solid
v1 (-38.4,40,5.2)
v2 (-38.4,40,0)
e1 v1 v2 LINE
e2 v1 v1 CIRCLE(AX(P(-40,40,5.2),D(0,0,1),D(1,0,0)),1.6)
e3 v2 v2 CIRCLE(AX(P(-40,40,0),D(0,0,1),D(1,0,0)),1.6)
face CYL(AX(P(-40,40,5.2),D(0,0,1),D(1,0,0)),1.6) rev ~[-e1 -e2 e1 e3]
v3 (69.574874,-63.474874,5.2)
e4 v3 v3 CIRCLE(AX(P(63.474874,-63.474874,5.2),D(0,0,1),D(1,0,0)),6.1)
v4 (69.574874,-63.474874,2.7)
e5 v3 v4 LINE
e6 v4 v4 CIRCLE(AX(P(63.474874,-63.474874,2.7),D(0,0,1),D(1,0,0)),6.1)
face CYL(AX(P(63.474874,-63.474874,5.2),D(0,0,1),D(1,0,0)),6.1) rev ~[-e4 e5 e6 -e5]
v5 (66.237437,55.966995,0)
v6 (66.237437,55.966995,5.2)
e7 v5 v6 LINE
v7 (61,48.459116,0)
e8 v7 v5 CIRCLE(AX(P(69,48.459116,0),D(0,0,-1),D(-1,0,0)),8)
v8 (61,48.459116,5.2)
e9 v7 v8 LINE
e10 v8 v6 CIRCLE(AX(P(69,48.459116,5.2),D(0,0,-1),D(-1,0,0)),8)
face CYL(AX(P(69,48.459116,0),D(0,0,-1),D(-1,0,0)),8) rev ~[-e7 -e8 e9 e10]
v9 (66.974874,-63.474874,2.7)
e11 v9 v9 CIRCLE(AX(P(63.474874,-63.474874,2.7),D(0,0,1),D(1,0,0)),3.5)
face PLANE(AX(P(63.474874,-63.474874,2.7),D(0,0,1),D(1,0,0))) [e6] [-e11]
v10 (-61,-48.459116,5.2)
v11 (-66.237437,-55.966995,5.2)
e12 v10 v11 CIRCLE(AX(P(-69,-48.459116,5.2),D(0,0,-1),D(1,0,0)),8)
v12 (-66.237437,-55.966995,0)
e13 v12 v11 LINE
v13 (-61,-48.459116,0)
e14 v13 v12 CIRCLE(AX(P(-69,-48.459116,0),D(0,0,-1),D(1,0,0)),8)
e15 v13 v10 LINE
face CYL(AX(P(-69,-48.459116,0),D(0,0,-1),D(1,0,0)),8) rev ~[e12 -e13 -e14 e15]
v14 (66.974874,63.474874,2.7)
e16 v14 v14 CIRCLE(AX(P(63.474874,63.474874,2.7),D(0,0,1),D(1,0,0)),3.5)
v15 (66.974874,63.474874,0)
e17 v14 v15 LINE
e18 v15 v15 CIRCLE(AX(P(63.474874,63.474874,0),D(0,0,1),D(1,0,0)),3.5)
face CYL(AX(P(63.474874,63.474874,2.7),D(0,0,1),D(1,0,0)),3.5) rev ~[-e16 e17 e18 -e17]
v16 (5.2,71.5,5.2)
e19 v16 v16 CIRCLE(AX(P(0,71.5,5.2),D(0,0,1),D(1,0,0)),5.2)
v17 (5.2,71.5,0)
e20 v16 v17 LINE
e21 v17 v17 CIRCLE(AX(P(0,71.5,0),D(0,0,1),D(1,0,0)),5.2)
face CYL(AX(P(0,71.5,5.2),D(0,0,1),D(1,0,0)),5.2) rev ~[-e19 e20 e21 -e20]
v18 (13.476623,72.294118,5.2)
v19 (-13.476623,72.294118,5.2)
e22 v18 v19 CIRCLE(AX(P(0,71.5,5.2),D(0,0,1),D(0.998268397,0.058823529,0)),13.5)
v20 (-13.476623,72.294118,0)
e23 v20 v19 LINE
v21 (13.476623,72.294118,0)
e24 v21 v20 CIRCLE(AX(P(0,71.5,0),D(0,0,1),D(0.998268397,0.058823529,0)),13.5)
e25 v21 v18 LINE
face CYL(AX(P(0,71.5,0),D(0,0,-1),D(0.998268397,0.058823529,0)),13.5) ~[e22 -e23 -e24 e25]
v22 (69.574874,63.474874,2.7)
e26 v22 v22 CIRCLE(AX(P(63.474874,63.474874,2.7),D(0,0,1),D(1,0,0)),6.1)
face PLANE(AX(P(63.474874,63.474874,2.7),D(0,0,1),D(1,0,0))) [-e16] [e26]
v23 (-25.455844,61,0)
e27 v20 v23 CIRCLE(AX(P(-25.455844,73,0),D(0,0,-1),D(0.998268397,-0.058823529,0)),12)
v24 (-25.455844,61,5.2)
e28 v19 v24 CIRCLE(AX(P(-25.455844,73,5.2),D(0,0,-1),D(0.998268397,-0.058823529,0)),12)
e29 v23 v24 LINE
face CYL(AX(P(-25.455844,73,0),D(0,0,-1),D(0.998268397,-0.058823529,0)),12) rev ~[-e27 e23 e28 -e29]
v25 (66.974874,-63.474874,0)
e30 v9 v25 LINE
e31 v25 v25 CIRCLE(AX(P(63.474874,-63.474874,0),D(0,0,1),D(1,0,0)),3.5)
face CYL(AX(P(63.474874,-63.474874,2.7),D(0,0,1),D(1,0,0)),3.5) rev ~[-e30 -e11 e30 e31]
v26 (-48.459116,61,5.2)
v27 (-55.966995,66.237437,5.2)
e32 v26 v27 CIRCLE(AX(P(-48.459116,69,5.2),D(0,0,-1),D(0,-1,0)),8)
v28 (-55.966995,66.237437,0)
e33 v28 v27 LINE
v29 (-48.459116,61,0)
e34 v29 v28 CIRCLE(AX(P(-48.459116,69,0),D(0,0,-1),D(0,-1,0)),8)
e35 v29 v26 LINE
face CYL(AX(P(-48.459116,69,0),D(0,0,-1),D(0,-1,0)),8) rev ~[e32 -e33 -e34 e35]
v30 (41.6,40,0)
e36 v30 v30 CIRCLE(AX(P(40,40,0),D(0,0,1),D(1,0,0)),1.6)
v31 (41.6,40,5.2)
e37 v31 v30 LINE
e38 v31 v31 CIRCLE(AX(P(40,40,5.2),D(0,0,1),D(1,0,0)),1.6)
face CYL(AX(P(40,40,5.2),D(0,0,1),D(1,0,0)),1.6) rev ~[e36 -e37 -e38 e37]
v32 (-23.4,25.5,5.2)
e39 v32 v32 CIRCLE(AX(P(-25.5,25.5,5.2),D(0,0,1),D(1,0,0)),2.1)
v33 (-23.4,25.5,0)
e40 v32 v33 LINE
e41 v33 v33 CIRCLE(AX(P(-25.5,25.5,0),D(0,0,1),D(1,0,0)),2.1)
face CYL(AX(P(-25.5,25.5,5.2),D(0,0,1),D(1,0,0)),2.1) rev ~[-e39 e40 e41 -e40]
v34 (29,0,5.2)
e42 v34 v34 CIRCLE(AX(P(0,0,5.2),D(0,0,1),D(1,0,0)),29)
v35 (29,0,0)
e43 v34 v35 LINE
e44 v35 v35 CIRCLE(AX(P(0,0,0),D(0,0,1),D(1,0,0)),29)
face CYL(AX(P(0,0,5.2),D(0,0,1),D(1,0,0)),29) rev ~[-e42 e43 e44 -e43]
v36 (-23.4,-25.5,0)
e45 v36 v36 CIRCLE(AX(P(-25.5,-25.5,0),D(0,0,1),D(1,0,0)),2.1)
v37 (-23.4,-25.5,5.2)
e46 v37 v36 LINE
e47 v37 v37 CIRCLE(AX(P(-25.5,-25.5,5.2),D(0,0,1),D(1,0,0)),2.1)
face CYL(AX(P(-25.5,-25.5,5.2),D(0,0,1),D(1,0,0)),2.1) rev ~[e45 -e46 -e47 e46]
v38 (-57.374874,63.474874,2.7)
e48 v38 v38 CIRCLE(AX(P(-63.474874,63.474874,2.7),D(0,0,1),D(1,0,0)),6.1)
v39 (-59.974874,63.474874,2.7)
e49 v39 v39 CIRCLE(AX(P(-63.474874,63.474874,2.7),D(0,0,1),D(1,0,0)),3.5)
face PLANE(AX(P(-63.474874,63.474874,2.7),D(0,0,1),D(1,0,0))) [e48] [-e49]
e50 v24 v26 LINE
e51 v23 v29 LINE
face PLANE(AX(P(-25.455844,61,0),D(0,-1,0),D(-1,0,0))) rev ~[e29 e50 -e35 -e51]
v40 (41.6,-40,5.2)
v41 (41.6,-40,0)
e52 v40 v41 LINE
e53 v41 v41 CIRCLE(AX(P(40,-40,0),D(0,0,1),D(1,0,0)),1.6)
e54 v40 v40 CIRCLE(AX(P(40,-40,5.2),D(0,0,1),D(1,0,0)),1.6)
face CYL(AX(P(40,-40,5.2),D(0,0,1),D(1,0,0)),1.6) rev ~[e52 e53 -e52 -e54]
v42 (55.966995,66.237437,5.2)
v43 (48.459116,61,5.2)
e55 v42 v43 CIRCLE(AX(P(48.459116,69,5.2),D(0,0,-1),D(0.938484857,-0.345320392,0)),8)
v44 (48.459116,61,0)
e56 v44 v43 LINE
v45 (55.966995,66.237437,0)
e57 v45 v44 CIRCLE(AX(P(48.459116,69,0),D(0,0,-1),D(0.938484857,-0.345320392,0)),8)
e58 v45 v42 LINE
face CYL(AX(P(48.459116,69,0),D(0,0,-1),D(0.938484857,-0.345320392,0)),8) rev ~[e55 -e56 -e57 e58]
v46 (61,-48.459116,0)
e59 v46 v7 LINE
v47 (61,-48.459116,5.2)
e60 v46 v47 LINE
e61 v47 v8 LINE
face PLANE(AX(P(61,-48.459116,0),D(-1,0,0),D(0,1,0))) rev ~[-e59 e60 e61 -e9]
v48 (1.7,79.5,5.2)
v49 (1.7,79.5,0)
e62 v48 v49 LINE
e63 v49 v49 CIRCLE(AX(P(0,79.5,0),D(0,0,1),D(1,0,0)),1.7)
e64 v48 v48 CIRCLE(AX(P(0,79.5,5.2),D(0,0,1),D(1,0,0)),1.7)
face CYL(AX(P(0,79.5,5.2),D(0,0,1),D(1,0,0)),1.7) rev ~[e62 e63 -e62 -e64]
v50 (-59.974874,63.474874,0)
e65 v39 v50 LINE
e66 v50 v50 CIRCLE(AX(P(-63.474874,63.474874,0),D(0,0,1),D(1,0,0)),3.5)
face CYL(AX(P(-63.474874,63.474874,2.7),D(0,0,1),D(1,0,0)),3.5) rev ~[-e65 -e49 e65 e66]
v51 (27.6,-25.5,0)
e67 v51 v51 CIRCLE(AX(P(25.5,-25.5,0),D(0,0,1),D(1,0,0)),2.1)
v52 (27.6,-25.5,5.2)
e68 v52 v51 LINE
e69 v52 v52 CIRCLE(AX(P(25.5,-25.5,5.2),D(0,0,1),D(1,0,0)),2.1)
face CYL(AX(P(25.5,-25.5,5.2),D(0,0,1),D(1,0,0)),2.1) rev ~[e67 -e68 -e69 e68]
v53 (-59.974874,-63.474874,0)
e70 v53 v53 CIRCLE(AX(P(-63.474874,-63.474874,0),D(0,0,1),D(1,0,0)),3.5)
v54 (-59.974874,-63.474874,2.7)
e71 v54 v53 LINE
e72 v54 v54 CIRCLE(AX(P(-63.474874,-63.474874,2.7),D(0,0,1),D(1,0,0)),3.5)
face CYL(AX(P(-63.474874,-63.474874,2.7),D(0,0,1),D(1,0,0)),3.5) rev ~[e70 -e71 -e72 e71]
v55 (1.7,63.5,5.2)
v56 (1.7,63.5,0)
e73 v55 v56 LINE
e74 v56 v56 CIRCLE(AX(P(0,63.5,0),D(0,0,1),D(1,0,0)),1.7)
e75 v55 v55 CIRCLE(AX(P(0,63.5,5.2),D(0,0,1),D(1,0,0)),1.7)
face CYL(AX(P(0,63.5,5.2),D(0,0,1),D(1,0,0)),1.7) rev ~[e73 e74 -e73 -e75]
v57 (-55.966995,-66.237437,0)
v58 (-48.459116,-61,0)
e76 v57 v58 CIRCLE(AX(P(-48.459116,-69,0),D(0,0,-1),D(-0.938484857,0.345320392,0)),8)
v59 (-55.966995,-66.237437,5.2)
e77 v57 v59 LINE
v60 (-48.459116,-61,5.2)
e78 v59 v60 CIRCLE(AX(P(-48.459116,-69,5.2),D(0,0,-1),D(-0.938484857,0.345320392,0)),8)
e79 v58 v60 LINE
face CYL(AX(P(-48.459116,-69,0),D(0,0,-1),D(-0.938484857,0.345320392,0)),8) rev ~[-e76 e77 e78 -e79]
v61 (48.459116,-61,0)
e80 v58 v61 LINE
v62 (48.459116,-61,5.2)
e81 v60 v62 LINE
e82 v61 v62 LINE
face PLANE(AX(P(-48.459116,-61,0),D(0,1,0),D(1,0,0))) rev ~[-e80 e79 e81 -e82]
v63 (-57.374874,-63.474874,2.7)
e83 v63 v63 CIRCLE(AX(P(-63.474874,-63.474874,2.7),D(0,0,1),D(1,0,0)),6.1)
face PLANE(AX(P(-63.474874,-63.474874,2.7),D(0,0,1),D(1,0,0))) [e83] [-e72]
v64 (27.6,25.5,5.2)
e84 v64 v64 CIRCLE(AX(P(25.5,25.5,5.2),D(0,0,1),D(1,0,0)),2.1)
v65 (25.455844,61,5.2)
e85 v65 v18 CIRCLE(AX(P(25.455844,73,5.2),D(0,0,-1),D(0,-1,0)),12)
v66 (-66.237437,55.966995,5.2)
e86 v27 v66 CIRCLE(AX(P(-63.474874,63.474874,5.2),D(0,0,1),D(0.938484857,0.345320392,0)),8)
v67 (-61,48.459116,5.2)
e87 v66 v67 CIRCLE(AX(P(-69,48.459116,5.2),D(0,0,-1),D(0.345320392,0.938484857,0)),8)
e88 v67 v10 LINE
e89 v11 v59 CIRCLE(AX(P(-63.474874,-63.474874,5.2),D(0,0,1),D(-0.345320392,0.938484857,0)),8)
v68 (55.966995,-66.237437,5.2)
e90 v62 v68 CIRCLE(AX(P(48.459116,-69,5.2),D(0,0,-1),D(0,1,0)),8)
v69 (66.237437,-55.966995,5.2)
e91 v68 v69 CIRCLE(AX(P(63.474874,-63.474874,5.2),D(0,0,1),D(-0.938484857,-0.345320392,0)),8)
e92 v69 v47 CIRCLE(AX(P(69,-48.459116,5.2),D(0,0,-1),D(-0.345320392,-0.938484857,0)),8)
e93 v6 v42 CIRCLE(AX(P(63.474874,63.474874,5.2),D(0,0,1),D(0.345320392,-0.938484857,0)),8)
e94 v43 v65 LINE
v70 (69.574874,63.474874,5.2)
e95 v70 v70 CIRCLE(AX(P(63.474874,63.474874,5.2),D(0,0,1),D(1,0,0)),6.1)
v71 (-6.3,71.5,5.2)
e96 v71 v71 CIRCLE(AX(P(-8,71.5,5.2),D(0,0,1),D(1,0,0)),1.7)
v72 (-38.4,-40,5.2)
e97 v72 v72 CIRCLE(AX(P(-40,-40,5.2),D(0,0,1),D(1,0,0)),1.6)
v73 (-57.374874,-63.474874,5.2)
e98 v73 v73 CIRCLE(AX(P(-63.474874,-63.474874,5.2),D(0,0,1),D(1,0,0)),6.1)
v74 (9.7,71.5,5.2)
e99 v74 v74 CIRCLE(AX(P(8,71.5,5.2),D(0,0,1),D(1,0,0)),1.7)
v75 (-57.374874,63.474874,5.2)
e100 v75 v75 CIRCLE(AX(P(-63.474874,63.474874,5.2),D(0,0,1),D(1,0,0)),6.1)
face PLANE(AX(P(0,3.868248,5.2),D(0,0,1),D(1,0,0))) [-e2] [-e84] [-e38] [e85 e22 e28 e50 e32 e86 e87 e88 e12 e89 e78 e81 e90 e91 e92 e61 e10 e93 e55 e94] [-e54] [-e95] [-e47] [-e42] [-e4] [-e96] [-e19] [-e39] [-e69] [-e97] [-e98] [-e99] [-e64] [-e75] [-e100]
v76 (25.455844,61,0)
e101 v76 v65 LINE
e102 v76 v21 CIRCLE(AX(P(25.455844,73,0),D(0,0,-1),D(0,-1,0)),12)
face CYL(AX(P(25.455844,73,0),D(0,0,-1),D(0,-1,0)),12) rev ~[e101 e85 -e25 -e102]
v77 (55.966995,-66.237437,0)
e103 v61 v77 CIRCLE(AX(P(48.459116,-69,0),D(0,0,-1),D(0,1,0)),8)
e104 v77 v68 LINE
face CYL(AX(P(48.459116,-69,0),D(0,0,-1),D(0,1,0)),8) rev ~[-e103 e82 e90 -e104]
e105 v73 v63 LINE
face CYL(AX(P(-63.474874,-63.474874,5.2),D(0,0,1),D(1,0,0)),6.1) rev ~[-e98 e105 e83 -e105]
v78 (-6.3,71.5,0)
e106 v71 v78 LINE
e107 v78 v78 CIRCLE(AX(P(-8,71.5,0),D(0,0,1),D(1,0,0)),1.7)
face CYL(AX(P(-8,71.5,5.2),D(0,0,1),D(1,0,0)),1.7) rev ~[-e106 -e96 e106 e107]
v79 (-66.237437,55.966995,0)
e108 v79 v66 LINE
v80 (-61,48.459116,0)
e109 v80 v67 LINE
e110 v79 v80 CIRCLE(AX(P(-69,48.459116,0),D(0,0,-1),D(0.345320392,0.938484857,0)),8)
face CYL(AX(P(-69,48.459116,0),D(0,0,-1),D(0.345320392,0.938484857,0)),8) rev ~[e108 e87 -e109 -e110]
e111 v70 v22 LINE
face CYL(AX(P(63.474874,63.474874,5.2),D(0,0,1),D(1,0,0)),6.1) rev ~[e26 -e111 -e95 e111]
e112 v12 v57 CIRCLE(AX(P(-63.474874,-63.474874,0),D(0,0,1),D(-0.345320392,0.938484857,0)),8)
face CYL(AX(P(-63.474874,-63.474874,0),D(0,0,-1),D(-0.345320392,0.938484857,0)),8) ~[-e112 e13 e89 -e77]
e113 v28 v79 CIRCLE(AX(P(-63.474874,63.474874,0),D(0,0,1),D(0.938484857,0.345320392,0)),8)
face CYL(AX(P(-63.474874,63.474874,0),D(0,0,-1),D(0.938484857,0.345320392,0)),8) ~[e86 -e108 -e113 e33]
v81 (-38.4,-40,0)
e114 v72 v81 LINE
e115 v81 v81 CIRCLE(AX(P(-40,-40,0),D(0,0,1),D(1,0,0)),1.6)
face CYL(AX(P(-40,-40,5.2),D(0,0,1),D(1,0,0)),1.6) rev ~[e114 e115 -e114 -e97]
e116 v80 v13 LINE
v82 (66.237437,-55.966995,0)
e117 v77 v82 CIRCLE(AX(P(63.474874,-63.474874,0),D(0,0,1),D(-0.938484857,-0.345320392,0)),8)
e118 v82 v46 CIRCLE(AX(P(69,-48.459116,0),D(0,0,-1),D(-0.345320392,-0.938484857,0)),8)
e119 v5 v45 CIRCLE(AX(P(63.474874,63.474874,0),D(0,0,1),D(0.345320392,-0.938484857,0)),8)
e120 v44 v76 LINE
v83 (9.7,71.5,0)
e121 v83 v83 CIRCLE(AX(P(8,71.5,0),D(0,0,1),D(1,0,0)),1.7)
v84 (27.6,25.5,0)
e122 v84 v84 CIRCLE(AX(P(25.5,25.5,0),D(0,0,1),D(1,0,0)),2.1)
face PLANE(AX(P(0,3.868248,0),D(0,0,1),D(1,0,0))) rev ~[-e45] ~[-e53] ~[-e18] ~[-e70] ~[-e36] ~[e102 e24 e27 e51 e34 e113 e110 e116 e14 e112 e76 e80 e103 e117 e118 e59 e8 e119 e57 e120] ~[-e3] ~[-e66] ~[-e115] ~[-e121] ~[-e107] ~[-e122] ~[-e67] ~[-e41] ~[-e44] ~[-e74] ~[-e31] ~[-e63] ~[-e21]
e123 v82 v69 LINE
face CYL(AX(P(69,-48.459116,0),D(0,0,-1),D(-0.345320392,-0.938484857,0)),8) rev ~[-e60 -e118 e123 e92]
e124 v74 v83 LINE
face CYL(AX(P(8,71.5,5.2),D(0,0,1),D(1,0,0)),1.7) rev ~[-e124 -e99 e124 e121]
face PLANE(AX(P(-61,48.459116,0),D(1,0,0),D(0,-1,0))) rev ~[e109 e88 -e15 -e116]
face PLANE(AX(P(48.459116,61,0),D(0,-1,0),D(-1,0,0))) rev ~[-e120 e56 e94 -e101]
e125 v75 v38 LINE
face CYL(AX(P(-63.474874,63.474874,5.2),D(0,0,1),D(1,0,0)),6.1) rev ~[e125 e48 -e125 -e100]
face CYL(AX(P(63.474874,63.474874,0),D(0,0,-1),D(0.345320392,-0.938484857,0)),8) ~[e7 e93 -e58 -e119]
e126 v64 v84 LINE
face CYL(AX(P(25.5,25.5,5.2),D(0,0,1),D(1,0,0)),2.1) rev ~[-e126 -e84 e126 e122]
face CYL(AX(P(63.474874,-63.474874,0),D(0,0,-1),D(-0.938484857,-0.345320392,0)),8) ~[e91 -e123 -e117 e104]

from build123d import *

# Parameters (mm, degrees)
EXTRUDE_1_DEPTH     = 5.2
SKETCH_2_R          = 6.1
CUT_EXTRUDE_1_DEPTH = 2.5
SKETCH_3_R          = 5.2
CUT_EXTRUDE_2_DEPTH = 6
SKETCH_4_R          = 1.7
CUT_EXTRUDE_3_DEPTH = 6
SKETCH_5_R          = 1.6
SKETCH_5_R_2        = 2.1
CUT_EXTRUDE_4_DEPTH = 6
SKETCH_6_R          = 29
CUT_EXTRUDE_5_DEPTH = 6
SKETCH_7_R          = 3.5
CUT_EXTRUDE_6_DEPTH = 10


with BuildPart() as part:
    # 草图1 → 凸台-拉伸1 (new body)
    with BuildSketch(Plane.XY):
        with BuildLine():
            Line((-48.459116019, -61), (48.459116019, -61))
            ThreePointArc((48.459116019, -61), (53.03620543, -62.438730875), (55.966994877, -66.237436867))
            ThreePointArc((55.966994877, -66.237436867), (69.131727984, -69.131727984), (66.237436867, -55.966994877))
            ThreePointArc((66.237436867, -55.966994877), (62.438730875, -53.03620543), (61, -48.459116019))
            Line((61, -48.459116019), (61, 48.459116019))
            ThreePointArc((61, 48.459116019), (62.438730875, 53.03620543), (66.237436867, 55.966994877))
            ThreePointArc((66.237436867, 55.966994877), (69.131727984, 69.131727984), (55.966994877, 66.237436867))
            ThreePointArc((55.966994877, 66.237436867), (53.03620543, 62.438730875), (48.459116019, 61))
            Line((48.459116019, 61), (25.455844123, 61))
            ThreePointArc((25.455844123, 61), (17.223912036, 64.268717499), (13.476623359, 72.294117647))
            ThreePointArc((13.476623359, 72.294117647), (0, 85), (-13.476623359, 72.294117647))
            ThreePointArc((-13.476623359, 72.294117647), (-17.223912036, 64.268717499), (-25.455844123, 61))
            Line((-25.455844123, 61), (-48.459116019, 61))
            ThreePointArc((-48.459116019, 61), (-53.03620543, 62.438730875), (-55.966994877, 66.237436867))
            ThreePointArc((-55.966994877, 66.237436867), (-69.131727984, 69.131727984), (-66.237436867, 55.966994877))
            ThreePointArc((-66.237436867, 55.966994877), (-62.438730875, 53.03620543), (-61, 48.459116019))
            Line((-61, 48.459116019), (-61, -48.459116019))
            ThreePointArc((-61, -48.459116019), (-62.438730875, -53.03620543), (-66.237436867, -55.966994877))
            ThreePointArc((-66.237436867, -55.966994877), (-69.131727984, -69.131727984), (-55.966994877, -66.237436867))
            ThreePointArc((-55.966994877, -66.237436867), (-53.03620543, -62.438730875), (-48.459116019, -61))
        make_face()
    extrude(amount=EXTRUDE_1_DEPTH)

    # 草图2 → 切除-拉伸1 (cut)
    with BuildSketch(Plane.XY.offset(5.2)):
        with Locations((-63.474873734, 63.474873734)):
            Circle(SKETCH_2_R)
        with Locations((63.474873734, 63.474873734)):
            Circle(SKETCH_2_R)
        with Locations((63.474873734, -63.474873734)):
            Circle(SKETCH_2_R)
        with Locations((-63.474873734, -63.474873734)):
            Circle(SKETCH_2_R)
    extrude(amount=-CUT_EXTRUDE_1_DEPTH, mode=Mode.SUBTRACT)

    # 草图3 → 切除-拉伸2 (cut)
    with BuildSketch(Plane.XY.offset(5.2)):
        with Locations((0, 71.5)):
            Circle(SKETCH_3_R)
    extrude(amount=-CUT_EXTRUDE_2_DEPTH, mode=Mode.SUBTRACT)

    # 草图4 → 切除-拉伸3 (cut)
    with BuildSketch(Plane.XY.offset(5.2)):
        with Locations((8, 71.5)):
            Circle(SKETCH_4_R)
        with Locations((0, 79.5)):
            Circle(SKETCH_4_R)
        with Locations((-8, 71.5)):
            Circle(SKETCH_4_R)
        with Locations((0, 63.5)):
            Circle(SKETCH_4_R)
    extrude(amount=-CUT_EXTRUDE_3_DEPTH, mode=Mode.SUBTRACT)

    # 草图5 → 切除-拉伸4 (cut)
    with BuildSketch(Plane.XY.offset(5.2)):
        with Locations((-40, 40)):
            Circle(SKETCH_5_R)
        with Locations((40, 40)):
            Circle(SKETCH_5_R)
        with Locations((40, -40)):
            Circle(SKETCH_5_R)
        with Locations((-40, -40)):
            Circle(SKETCH_5_R)
        with Locations((-25.5, 25.5)):
            Circle(SKETCH_5_R_2)
        with Locations((25.5, 25.5)):
            Circle(SKETCH_5_R_2)
        with Locations((25.5, -25.5)):
            Circle(SKETCH_5_R_2)
        with Locations((-25.5, -25.5)):
            Circle(SKETCH_5_R_2)
    extrude(amount=-CUT_EXTRUDE_4_DEPTH, mode=Mode.SUBTRACT)

    # 草图6 → 切除-拉伸5 (cut)
    with BuildSketch(Plane.XY.offset(5.2)):
        Circle(SKETCH_6_R)
    extrude(amount=-CUT_EXTRUDE_5_DEPTH, mode=Mode.SUBTRACT)

    # 草图7 → 切除-拉伸6 (cut)
    with BuildSketch(Plane.XY.offset(2.7)):
        with Locations((-63.474873734, 63.474873734)):
            Circle(SKETCH_7_R)
        with Locations((63.474873734, 63.474873734)):
            Circle(SKETCH_7_R)
        with Locations((-63.474873734, -63.474873734)):
            Circle(SKETCH_7_R)
        with Locations((63.474873734, -63.474873734)):
            Circle(SKETCH_7_R)
    extrude(amount=-CUT_EXTRUDE_6_DEPTH, mode=Mode.SUBTRACT)


solid = part.part
